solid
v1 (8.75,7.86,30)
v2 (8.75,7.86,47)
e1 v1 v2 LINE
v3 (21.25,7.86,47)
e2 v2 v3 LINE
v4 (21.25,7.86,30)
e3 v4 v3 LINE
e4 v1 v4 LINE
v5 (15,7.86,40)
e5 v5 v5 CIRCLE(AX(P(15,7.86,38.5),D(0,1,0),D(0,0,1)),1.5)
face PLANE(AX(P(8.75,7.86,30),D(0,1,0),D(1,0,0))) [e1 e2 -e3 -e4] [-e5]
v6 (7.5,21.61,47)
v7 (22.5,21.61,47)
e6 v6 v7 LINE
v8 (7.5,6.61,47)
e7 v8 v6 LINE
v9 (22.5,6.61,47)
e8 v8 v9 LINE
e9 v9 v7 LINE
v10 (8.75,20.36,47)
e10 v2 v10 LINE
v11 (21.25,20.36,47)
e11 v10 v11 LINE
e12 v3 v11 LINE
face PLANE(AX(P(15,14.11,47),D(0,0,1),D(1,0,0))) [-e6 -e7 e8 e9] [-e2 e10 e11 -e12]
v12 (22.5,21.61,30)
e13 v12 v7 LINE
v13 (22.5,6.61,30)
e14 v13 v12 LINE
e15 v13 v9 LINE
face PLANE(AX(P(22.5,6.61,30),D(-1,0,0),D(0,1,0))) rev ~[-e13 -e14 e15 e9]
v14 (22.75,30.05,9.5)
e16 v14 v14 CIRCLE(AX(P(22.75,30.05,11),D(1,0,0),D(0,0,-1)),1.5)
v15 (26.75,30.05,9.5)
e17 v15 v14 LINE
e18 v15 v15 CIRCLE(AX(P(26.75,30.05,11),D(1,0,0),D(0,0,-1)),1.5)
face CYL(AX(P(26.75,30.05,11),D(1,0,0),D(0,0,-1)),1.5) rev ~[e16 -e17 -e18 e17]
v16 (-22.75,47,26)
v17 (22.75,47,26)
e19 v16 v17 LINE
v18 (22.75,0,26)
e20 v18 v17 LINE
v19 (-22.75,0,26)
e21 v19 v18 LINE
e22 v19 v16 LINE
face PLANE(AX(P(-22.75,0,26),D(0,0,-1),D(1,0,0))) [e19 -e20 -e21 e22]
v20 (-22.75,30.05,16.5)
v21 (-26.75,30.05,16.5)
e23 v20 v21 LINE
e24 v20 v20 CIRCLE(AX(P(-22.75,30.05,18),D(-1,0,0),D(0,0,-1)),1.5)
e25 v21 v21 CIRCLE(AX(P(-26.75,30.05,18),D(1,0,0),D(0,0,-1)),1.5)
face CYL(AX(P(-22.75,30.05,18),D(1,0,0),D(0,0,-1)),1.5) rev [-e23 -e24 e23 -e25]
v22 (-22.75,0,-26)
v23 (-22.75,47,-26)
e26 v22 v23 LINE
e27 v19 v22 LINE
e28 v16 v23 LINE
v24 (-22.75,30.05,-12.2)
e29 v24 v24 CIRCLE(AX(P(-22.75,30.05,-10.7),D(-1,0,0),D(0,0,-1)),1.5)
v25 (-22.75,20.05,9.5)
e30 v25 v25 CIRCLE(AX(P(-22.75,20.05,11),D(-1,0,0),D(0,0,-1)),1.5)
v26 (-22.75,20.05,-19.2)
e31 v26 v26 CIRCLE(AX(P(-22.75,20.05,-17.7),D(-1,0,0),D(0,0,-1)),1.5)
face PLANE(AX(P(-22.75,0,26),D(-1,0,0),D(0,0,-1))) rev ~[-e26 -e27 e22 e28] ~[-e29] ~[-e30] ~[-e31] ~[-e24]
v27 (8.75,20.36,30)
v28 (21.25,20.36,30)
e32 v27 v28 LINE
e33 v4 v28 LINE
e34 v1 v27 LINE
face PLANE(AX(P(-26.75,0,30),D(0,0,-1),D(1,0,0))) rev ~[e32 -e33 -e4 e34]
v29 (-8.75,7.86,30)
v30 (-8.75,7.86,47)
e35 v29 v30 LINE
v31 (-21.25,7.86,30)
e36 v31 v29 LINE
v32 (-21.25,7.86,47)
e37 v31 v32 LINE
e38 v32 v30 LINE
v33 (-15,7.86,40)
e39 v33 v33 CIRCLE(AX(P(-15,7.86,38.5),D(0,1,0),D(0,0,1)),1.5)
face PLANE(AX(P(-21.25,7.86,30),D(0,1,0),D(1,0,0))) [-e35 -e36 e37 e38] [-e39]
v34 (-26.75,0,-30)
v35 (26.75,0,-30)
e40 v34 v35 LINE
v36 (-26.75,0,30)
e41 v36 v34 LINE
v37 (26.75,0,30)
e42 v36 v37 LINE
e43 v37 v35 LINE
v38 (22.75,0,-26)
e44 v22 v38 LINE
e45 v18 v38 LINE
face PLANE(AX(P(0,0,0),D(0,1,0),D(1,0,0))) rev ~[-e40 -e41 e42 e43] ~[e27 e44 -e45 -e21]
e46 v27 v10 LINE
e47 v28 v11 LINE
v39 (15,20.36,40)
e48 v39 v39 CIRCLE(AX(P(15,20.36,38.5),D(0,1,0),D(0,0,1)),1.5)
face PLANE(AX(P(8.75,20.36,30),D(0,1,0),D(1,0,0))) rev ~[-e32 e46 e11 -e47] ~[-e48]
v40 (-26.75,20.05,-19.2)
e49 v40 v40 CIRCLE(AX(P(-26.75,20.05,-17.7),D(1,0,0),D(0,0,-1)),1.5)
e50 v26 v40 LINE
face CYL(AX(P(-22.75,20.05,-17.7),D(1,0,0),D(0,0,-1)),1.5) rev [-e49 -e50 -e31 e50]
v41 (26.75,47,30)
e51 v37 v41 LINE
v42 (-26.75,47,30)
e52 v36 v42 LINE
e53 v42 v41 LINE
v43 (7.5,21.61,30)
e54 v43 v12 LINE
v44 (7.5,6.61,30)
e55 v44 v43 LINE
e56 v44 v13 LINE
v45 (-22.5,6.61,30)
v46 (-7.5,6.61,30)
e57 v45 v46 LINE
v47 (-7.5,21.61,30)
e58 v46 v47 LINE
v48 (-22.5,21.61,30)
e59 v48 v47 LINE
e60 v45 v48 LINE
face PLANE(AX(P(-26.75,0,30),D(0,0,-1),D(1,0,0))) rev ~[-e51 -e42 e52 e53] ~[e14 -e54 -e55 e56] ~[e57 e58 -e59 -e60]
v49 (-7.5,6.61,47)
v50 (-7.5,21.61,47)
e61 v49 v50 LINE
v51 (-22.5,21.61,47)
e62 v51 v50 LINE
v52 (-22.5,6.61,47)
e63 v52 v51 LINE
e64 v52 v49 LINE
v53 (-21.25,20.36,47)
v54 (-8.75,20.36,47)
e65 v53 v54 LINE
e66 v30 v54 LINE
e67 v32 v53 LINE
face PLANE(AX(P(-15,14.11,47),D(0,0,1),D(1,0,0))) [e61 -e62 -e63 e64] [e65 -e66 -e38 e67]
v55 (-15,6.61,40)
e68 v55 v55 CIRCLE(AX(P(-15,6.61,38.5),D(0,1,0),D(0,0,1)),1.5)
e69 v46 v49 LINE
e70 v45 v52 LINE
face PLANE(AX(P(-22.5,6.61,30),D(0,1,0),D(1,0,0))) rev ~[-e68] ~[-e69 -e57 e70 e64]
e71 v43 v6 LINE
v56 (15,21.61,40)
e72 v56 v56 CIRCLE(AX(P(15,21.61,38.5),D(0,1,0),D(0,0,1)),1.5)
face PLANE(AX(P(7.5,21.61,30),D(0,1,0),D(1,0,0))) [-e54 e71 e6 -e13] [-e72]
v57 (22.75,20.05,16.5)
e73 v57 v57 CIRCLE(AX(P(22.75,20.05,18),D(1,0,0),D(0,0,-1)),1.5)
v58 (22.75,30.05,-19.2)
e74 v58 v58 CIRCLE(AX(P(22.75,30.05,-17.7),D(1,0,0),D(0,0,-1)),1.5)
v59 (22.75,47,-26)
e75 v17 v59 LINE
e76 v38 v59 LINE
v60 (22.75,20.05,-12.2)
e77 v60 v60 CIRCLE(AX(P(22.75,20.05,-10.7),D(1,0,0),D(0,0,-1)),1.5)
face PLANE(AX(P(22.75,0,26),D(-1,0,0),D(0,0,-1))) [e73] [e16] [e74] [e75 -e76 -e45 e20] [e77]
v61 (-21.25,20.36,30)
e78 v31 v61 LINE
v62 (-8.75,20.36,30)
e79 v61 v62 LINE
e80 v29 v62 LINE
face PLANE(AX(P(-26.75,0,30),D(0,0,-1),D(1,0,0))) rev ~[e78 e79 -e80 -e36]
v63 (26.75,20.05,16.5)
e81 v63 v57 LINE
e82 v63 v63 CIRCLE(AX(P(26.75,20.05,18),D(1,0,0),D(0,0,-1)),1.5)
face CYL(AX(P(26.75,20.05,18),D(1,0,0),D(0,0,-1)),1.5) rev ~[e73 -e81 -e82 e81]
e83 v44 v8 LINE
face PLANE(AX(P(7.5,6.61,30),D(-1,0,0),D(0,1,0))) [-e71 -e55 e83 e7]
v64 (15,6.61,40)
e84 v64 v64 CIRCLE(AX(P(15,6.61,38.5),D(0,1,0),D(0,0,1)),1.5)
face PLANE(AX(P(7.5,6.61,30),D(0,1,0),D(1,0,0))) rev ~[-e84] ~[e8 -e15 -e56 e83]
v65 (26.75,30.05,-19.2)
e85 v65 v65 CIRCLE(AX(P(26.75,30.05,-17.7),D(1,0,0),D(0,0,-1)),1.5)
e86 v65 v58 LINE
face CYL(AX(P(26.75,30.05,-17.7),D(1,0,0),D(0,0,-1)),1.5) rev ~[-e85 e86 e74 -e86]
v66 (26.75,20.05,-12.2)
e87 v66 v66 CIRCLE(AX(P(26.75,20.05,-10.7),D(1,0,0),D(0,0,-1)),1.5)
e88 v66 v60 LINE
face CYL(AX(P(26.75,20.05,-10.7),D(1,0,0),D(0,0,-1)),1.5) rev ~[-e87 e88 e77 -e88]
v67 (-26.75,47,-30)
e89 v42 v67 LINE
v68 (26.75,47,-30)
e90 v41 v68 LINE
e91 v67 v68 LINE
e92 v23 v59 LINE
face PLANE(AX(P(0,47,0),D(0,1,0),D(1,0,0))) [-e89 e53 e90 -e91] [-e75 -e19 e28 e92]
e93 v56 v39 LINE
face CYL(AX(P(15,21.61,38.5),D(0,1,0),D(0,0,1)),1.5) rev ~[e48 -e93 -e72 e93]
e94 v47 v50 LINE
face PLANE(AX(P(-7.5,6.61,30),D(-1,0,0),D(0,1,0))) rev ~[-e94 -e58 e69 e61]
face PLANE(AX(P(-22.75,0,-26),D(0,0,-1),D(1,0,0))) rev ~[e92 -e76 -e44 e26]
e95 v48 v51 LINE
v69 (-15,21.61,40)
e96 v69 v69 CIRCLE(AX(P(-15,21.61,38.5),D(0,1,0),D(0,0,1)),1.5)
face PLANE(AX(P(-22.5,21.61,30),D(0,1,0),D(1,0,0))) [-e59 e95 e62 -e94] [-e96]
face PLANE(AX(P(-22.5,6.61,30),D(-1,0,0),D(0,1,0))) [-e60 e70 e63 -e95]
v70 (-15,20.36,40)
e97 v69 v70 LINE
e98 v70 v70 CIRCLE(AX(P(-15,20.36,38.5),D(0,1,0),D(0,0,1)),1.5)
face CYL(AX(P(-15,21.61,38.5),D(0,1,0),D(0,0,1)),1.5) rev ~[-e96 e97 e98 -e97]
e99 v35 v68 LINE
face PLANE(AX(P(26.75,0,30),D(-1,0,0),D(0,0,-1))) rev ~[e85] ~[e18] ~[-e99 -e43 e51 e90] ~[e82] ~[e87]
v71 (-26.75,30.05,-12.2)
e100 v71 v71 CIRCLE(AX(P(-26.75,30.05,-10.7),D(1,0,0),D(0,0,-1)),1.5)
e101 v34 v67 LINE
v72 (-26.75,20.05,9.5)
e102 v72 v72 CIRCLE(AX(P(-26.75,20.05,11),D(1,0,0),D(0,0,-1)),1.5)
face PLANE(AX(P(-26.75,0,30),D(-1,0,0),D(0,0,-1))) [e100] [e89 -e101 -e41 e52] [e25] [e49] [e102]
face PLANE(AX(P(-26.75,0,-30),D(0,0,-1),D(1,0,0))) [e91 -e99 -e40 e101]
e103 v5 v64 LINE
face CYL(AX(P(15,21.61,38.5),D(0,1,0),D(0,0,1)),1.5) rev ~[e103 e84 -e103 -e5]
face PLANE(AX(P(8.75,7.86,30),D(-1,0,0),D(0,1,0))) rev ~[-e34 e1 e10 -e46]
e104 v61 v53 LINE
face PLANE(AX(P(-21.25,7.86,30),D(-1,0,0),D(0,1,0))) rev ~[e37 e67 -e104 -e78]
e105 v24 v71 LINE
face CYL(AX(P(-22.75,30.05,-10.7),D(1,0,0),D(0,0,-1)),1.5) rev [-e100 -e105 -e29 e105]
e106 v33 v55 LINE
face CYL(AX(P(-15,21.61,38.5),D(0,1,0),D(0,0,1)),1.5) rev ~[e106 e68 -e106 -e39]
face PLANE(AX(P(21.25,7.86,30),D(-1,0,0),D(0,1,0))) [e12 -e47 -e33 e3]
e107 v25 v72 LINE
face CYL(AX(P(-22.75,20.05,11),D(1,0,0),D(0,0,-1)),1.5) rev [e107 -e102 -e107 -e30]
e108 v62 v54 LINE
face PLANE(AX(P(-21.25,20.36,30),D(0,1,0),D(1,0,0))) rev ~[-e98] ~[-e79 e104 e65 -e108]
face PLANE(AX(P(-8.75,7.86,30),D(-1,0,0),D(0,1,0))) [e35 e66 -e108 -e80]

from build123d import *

# Parameters (mm, degrees)
SKETCH1_W           = 53.5
SKETCH1_H           = 60
SKETCH1_W_2         = 45.5
SKETCH1_H_2         = 52
BOSS_EXTRUDE1_DEPTH = 47
CUT_EXTRUDE1_START  = -4
SKETCH3_R           = 1.5
CUT_EXTRUDE1_DEPTH  = 82.273863628
LPATTERN1_COUNT     = 2
LPATTERN1_PITCH     = 28.7
SKETCH4_R           = 1.5
CUT_EXTRUDE2_DEPTH  = 4
LPATTERN2_COUNT     = 2
LPATTERN2_PITCH     = 28.7
SKETCH5_W           = 15
SKETCH5_H           = 15
SKETCH5_W_2         = 12.5
SKETCH5_H_2         = 12.5
BOSS_EXTRUDE2_DEPTH = 17
SKETCH6_R           = 1.5
CUT_EXTRUDE3_DEPTH  = 60.742904181


with BuildPart() as part:
    # Sketch1 → Boss-Extrude1 (new body)
    with BuildSketch(Plane(origin=(0, 0, 0), x_dir=(1, 0, 0), z_dir=(0, 1, 0))):
        Rectangle(SKETCH1_W, SKETCH1_H)
        Rectangle(SKETCH1_W_2, SKETCH1_H_2, mode=Mode.SUBTRACT)
    extrude(amount=BOSS_EXTRUDE1_DEPTH)

    # Sketch3 → Cut-Extrude1 (cut)
    with BuildSketch(Plane.ZY.offset(26.75).offset(CUT_EXTRUDE1_START)):
        with Locations(Location((18, 30.05, 0), (0, 0, 180))):
            Circle(SKETCH3_R)
        with Locations(Location((11, 20.05, 0), (0, 0, 180))):
            Circle(SKETCH3_R)
    cut_extrude1 = extrude(amount=CUT_EXTRUDE1_DEPTH, mode=Mode.SUBTRACT)

    # LPattern1: Cut-Extrude1 ×2
    with Locations(*[(0, 0, -i * LPATTERN1_PITCH) for i in range(1, LPATTERN1_COUNT)]):
        add(cut_extrude1, mode=Mode.SUBTRACT)

    # Sketch4 → Cut-Extrude2 (cut)
    with BuildSketch(Plane(origin=(26.75, 0, 0), x_dir=(0, 0, -1), z_dir=(1, 0, 0))):
        with Locations((-11, 30.05)):
            Circle(SKETCH4_R)
        with Locations((-18, 20.05)):
            Circle(SKETCH4_R)
    cut_extrude2 = extrude(amount=-CUT_EXTRUDE2_DEPTH, mode=Mode.SUBTRACT)

    # LPattern2: Cut-Extrude2 ×2
    with Locations(*[(0, 0, -i * LPATTERN2_PITCH) for i in range(1, LPATTERN2_COUNT)]):
        add(cut_extrude2, mode=Mode.SUBTRACT)

    # Sketch5 → Boss-Extrude2 (add)
    # profile 1 of 2: a face of its own
    with BuildSketch(Plane.XY.offset(30)):
        with Locations((-15, 14.11)):
            Rectangle(SKETCH5_W, SKETCH5_H)
        with Locations((-15, 14.11)):
            Rectangle(SKETCH5_W_2, SKETCH5_H_2, mode=Mode.SUBTRACT)
    # profile 2 of 2: a face of its own
    with BuildSketch(Plane.XY.offset(30)):
        with Locations((15, 14.11)):
            Rectangle(SKETCH5_W, SKETCH5_H)
        with Locations((15, 14.11)):
            Rectangle(SKETCH5_W_2, SKETCH5_H_2, mode=Mode.SUBTRACT)
    extrude(amount=BOSS_EXTRUDE2_DEPTH)

    # Sketch6 → Cut-Extrude3 (cut, through all)
    with BuildSketch(Plane(origin=(0, 21.61, 0), x_dir=(1, 0, 0), z_dir=(0, 1, 0))):
        with Locations(Location((-15, -38.5, 0), (0, 0, 270))):
            Circle(SKETCH6_R)
        with Locations(Location((15, -38.5, 0), (0, 0, 270))):
            Circle(SKETCH6_R)
    extrude(amount=-CUT_EXTRUDE3_DEPTH, mode=Mode.SUBTRACT)


solid = part.part
